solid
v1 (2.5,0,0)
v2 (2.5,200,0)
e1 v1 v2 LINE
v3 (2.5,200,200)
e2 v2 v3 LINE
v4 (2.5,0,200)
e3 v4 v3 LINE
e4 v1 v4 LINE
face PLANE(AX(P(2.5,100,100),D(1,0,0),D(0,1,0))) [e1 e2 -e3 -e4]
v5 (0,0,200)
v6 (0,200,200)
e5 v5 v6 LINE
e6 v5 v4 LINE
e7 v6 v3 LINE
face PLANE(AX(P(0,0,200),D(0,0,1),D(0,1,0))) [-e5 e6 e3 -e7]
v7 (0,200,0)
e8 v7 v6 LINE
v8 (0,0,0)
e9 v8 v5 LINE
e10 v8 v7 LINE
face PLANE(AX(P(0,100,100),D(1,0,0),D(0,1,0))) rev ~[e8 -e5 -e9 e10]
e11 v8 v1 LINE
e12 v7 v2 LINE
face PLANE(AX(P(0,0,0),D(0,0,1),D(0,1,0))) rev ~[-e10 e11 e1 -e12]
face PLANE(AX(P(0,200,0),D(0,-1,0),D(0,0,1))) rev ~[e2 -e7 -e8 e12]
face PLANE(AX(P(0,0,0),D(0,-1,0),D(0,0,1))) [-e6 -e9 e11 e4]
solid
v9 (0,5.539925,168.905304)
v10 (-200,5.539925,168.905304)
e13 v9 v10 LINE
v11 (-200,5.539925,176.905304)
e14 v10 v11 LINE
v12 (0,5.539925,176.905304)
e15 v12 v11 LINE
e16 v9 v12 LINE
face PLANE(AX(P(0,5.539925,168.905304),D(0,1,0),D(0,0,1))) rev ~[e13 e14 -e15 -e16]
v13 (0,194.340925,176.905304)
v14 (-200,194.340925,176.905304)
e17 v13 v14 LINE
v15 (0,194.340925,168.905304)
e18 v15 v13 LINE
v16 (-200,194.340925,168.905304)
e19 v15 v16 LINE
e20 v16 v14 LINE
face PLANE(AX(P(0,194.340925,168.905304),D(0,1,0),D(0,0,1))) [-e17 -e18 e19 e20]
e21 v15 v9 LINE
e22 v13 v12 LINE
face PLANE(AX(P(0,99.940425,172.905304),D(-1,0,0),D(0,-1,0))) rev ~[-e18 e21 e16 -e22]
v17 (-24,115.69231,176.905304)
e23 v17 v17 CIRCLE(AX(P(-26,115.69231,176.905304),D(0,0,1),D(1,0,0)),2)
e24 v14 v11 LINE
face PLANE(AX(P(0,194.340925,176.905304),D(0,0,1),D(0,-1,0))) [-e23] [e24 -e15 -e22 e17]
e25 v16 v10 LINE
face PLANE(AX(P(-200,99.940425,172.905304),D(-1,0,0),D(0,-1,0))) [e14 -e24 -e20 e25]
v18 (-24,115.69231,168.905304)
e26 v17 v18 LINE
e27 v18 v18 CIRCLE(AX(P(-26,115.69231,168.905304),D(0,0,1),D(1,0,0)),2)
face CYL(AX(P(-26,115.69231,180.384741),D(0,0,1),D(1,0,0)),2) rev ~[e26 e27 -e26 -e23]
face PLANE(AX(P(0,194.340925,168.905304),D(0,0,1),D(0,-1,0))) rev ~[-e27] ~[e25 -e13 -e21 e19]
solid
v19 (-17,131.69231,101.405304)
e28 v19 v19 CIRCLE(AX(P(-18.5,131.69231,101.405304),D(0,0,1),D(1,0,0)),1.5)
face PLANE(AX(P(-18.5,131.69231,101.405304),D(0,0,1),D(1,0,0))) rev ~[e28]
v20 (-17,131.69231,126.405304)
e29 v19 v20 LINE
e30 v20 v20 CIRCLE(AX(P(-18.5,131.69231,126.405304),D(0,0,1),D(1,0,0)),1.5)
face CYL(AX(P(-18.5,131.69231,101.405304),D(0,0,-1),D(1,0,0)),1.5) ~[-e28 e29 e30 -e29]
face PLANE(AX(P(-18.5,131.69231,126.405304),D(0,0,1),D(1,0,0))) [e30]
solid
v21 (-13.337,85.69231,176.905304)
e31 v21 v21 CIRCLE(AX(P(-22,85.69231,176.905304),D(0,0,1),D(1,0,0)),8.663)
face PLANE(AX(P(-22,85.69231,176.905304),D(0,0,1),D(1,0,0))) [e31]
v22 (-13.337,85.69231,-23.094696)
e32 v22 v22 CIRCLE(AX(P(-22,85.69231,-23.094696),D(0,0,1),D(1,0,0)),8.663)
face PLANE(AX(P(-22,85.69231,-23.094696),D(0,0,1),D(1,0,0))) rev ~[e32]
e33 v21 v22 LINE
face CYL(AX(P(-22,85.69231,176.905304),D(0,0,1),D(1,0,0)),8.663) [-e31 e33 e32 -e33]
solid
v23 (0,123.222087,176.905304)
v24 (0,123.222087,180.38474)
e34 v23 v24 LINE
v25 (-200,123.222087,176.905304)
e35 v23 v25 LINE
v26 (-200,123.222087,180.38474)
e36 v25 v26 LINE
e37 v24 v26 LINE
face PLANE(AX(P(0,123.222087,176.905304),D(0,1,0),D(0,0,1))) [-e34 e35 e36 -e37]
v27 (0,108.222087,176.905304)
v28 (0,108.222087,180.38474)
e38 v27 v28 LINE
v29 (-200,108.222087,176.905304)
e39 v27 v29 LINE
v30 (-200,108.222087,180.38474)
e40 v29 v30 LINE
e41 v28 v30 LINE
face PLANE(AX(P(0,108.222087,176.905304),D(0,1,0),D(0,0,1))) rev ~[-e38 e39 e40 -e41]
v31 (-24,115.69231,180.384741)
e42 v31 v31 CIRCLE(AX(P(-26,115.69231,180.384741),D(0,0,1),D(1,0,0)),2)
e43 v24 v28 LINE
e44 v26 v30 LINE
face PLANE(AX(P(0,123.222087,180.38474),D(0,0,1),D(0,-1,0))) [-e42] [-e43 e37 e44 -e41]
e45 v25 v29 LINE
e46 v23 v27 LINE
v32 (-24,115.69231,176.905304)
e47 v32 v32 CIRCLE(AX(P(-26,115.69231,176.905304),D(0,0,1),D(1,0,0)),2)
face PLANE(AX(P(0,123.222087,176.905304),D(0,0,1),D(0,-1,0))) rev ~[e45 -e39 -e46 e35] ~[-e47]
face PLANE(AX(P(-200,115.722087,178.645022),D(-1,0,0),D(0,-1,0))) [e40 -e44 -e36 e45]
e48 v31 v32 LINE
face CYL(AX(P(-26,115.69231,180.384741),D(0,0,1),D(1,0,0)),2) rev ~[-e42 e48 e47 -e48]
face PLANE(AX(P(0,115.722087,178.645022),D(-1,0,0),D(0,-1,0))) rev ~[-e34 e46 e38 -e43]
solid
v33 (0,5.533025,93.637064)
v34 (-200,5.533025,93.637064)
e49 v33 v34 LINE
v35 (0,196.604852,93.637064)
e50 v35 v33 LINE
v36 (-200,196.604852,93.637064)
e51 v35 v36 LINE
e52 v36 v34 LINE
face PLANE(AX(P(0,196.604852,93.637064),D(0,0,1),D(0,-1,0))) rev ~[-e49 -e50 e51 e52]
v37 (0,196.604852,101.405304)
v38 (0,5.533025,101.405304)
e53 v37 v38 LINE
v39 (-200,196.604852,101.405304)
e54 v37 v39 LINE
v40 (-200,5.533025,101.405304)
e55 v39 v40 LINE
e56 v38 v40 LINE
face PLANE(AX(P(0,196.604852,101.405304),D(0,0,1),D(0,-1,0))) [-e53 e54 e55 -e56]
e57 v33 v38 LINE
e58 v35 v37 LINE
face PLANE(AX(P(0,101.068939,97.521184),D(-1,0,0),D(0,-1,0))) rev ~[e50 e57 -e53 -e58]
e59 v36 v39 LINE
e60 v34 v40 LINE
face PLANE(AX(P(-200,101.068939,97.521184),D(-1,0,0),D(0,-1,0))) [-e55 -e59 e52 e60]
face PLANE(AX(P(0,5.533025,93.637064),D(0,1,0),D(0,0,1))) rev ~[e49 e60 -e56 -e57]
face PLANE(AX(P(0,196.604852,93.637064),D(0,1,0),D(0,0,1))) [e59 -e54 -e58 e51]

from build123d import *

# Parameters (mm, degrees)
F0_W      = 200
F0_H      = 200
F1_DEPTH  = 2.5
F2_W      = 15
F2_H      = 3.479437
F3_DEPTH  = 200
F4_W      = 188.801
F4_H      = 8
F5_DEPTH  = 200
F6_R      = 2
F7_DEPTH  = 180.385741
F8_R      = 8.663
F9_DEPTH  = 200
F10_W     = 191.071827
F10_H     = 7.76824
F11_DEPTH = 200
F12_R     = 1.5
F13_DEPTH = 25


with BuildPart() as f1:
    # F0 (on Right) → F1 (new body)
    with BuildSketch(Plane.YZ):
        with Locations((100, 100)):
            Rectangle(F0_W, F0_H)
    extrude(amount=F1_DEPTH)


with BuildPart() as f3:
    # F2 (on face) → F3 (new body)
    with BuildSketch(Plane(origin=(0, 0, 0), x_dir=(0, -1, 0), z_dir=(-1, 0, 0))):
        with Locations((-115.722087, 178.645022)):
            Rectangle(F2_W, F2_H)
    extrude(amount=F3_DEPTH)


with BuildPart() as f5:
    # F4 (on face) → F5 (new body)
    with BuildSketch(Plane(origin=(0, 0, 0), x_dir=(0, -1, 0), z_dir=(-1, 0, 0))):
        with Locations((-99.940425, 172.905304)):
            Rectangle(F4_W, F4_H)
    extrude(amount=F5_DEPTH)


with BuildPart() as f7_tool:
    # F6 (on face) → F7 (new body, through all)
    with BuildSketch(Plane.XY.offset(180.384741)):
        with Locations((-26, 115.69231)):
            Circle(F6_R)
    extrude(amount=-F7_DEPTH)


with BuildPart() as f3_1:
    add(f3.part)

    # F7: cut by f7_tool
    add(f7_tool.part, mode=Mode.SUBTRACT)


with BuildPart() as f5_1:
    add(f5.part)

    # F7: cut by f7_tool
    add(f7_tool.part, mode=Mode.SUBTRACT)


with BuildPart() as f9:
    # F8 (on face) → F9 (new body)
    with BuildSketch(Plane.XY.offset(176.905304)):
        with Locations((-22, 85.69231)):
            Circle(F8_R)
    extrude(amount=-F9_DEPTH)


with BuildPart() as f11:
    # F10 (on face) → F11 (new body)
    with BuildSketch(Plane(origin=(0, 0, 0), x_dir=(0, -1, 0), z_dir=(-1, 0, 0))):
        with Locations((-101.068939, 97.521184)):
            Rectangle(F10_W, F10_H)
    extrude(amount=F11_DEPTH)


with BuildPart() as f13:
    # F12 (on face) → F13 (new body)
    with BuildSketch(Plane.XY.offset(101.405304)):
        with Locations((-18.5, 131.69231)):
            Circle(F12_R)
    extrude(amount=F13_DEPTH)


solid = Compound([f1.part, f3_1.part, f5_1.part, f9.part, f11.part, f13.part])
